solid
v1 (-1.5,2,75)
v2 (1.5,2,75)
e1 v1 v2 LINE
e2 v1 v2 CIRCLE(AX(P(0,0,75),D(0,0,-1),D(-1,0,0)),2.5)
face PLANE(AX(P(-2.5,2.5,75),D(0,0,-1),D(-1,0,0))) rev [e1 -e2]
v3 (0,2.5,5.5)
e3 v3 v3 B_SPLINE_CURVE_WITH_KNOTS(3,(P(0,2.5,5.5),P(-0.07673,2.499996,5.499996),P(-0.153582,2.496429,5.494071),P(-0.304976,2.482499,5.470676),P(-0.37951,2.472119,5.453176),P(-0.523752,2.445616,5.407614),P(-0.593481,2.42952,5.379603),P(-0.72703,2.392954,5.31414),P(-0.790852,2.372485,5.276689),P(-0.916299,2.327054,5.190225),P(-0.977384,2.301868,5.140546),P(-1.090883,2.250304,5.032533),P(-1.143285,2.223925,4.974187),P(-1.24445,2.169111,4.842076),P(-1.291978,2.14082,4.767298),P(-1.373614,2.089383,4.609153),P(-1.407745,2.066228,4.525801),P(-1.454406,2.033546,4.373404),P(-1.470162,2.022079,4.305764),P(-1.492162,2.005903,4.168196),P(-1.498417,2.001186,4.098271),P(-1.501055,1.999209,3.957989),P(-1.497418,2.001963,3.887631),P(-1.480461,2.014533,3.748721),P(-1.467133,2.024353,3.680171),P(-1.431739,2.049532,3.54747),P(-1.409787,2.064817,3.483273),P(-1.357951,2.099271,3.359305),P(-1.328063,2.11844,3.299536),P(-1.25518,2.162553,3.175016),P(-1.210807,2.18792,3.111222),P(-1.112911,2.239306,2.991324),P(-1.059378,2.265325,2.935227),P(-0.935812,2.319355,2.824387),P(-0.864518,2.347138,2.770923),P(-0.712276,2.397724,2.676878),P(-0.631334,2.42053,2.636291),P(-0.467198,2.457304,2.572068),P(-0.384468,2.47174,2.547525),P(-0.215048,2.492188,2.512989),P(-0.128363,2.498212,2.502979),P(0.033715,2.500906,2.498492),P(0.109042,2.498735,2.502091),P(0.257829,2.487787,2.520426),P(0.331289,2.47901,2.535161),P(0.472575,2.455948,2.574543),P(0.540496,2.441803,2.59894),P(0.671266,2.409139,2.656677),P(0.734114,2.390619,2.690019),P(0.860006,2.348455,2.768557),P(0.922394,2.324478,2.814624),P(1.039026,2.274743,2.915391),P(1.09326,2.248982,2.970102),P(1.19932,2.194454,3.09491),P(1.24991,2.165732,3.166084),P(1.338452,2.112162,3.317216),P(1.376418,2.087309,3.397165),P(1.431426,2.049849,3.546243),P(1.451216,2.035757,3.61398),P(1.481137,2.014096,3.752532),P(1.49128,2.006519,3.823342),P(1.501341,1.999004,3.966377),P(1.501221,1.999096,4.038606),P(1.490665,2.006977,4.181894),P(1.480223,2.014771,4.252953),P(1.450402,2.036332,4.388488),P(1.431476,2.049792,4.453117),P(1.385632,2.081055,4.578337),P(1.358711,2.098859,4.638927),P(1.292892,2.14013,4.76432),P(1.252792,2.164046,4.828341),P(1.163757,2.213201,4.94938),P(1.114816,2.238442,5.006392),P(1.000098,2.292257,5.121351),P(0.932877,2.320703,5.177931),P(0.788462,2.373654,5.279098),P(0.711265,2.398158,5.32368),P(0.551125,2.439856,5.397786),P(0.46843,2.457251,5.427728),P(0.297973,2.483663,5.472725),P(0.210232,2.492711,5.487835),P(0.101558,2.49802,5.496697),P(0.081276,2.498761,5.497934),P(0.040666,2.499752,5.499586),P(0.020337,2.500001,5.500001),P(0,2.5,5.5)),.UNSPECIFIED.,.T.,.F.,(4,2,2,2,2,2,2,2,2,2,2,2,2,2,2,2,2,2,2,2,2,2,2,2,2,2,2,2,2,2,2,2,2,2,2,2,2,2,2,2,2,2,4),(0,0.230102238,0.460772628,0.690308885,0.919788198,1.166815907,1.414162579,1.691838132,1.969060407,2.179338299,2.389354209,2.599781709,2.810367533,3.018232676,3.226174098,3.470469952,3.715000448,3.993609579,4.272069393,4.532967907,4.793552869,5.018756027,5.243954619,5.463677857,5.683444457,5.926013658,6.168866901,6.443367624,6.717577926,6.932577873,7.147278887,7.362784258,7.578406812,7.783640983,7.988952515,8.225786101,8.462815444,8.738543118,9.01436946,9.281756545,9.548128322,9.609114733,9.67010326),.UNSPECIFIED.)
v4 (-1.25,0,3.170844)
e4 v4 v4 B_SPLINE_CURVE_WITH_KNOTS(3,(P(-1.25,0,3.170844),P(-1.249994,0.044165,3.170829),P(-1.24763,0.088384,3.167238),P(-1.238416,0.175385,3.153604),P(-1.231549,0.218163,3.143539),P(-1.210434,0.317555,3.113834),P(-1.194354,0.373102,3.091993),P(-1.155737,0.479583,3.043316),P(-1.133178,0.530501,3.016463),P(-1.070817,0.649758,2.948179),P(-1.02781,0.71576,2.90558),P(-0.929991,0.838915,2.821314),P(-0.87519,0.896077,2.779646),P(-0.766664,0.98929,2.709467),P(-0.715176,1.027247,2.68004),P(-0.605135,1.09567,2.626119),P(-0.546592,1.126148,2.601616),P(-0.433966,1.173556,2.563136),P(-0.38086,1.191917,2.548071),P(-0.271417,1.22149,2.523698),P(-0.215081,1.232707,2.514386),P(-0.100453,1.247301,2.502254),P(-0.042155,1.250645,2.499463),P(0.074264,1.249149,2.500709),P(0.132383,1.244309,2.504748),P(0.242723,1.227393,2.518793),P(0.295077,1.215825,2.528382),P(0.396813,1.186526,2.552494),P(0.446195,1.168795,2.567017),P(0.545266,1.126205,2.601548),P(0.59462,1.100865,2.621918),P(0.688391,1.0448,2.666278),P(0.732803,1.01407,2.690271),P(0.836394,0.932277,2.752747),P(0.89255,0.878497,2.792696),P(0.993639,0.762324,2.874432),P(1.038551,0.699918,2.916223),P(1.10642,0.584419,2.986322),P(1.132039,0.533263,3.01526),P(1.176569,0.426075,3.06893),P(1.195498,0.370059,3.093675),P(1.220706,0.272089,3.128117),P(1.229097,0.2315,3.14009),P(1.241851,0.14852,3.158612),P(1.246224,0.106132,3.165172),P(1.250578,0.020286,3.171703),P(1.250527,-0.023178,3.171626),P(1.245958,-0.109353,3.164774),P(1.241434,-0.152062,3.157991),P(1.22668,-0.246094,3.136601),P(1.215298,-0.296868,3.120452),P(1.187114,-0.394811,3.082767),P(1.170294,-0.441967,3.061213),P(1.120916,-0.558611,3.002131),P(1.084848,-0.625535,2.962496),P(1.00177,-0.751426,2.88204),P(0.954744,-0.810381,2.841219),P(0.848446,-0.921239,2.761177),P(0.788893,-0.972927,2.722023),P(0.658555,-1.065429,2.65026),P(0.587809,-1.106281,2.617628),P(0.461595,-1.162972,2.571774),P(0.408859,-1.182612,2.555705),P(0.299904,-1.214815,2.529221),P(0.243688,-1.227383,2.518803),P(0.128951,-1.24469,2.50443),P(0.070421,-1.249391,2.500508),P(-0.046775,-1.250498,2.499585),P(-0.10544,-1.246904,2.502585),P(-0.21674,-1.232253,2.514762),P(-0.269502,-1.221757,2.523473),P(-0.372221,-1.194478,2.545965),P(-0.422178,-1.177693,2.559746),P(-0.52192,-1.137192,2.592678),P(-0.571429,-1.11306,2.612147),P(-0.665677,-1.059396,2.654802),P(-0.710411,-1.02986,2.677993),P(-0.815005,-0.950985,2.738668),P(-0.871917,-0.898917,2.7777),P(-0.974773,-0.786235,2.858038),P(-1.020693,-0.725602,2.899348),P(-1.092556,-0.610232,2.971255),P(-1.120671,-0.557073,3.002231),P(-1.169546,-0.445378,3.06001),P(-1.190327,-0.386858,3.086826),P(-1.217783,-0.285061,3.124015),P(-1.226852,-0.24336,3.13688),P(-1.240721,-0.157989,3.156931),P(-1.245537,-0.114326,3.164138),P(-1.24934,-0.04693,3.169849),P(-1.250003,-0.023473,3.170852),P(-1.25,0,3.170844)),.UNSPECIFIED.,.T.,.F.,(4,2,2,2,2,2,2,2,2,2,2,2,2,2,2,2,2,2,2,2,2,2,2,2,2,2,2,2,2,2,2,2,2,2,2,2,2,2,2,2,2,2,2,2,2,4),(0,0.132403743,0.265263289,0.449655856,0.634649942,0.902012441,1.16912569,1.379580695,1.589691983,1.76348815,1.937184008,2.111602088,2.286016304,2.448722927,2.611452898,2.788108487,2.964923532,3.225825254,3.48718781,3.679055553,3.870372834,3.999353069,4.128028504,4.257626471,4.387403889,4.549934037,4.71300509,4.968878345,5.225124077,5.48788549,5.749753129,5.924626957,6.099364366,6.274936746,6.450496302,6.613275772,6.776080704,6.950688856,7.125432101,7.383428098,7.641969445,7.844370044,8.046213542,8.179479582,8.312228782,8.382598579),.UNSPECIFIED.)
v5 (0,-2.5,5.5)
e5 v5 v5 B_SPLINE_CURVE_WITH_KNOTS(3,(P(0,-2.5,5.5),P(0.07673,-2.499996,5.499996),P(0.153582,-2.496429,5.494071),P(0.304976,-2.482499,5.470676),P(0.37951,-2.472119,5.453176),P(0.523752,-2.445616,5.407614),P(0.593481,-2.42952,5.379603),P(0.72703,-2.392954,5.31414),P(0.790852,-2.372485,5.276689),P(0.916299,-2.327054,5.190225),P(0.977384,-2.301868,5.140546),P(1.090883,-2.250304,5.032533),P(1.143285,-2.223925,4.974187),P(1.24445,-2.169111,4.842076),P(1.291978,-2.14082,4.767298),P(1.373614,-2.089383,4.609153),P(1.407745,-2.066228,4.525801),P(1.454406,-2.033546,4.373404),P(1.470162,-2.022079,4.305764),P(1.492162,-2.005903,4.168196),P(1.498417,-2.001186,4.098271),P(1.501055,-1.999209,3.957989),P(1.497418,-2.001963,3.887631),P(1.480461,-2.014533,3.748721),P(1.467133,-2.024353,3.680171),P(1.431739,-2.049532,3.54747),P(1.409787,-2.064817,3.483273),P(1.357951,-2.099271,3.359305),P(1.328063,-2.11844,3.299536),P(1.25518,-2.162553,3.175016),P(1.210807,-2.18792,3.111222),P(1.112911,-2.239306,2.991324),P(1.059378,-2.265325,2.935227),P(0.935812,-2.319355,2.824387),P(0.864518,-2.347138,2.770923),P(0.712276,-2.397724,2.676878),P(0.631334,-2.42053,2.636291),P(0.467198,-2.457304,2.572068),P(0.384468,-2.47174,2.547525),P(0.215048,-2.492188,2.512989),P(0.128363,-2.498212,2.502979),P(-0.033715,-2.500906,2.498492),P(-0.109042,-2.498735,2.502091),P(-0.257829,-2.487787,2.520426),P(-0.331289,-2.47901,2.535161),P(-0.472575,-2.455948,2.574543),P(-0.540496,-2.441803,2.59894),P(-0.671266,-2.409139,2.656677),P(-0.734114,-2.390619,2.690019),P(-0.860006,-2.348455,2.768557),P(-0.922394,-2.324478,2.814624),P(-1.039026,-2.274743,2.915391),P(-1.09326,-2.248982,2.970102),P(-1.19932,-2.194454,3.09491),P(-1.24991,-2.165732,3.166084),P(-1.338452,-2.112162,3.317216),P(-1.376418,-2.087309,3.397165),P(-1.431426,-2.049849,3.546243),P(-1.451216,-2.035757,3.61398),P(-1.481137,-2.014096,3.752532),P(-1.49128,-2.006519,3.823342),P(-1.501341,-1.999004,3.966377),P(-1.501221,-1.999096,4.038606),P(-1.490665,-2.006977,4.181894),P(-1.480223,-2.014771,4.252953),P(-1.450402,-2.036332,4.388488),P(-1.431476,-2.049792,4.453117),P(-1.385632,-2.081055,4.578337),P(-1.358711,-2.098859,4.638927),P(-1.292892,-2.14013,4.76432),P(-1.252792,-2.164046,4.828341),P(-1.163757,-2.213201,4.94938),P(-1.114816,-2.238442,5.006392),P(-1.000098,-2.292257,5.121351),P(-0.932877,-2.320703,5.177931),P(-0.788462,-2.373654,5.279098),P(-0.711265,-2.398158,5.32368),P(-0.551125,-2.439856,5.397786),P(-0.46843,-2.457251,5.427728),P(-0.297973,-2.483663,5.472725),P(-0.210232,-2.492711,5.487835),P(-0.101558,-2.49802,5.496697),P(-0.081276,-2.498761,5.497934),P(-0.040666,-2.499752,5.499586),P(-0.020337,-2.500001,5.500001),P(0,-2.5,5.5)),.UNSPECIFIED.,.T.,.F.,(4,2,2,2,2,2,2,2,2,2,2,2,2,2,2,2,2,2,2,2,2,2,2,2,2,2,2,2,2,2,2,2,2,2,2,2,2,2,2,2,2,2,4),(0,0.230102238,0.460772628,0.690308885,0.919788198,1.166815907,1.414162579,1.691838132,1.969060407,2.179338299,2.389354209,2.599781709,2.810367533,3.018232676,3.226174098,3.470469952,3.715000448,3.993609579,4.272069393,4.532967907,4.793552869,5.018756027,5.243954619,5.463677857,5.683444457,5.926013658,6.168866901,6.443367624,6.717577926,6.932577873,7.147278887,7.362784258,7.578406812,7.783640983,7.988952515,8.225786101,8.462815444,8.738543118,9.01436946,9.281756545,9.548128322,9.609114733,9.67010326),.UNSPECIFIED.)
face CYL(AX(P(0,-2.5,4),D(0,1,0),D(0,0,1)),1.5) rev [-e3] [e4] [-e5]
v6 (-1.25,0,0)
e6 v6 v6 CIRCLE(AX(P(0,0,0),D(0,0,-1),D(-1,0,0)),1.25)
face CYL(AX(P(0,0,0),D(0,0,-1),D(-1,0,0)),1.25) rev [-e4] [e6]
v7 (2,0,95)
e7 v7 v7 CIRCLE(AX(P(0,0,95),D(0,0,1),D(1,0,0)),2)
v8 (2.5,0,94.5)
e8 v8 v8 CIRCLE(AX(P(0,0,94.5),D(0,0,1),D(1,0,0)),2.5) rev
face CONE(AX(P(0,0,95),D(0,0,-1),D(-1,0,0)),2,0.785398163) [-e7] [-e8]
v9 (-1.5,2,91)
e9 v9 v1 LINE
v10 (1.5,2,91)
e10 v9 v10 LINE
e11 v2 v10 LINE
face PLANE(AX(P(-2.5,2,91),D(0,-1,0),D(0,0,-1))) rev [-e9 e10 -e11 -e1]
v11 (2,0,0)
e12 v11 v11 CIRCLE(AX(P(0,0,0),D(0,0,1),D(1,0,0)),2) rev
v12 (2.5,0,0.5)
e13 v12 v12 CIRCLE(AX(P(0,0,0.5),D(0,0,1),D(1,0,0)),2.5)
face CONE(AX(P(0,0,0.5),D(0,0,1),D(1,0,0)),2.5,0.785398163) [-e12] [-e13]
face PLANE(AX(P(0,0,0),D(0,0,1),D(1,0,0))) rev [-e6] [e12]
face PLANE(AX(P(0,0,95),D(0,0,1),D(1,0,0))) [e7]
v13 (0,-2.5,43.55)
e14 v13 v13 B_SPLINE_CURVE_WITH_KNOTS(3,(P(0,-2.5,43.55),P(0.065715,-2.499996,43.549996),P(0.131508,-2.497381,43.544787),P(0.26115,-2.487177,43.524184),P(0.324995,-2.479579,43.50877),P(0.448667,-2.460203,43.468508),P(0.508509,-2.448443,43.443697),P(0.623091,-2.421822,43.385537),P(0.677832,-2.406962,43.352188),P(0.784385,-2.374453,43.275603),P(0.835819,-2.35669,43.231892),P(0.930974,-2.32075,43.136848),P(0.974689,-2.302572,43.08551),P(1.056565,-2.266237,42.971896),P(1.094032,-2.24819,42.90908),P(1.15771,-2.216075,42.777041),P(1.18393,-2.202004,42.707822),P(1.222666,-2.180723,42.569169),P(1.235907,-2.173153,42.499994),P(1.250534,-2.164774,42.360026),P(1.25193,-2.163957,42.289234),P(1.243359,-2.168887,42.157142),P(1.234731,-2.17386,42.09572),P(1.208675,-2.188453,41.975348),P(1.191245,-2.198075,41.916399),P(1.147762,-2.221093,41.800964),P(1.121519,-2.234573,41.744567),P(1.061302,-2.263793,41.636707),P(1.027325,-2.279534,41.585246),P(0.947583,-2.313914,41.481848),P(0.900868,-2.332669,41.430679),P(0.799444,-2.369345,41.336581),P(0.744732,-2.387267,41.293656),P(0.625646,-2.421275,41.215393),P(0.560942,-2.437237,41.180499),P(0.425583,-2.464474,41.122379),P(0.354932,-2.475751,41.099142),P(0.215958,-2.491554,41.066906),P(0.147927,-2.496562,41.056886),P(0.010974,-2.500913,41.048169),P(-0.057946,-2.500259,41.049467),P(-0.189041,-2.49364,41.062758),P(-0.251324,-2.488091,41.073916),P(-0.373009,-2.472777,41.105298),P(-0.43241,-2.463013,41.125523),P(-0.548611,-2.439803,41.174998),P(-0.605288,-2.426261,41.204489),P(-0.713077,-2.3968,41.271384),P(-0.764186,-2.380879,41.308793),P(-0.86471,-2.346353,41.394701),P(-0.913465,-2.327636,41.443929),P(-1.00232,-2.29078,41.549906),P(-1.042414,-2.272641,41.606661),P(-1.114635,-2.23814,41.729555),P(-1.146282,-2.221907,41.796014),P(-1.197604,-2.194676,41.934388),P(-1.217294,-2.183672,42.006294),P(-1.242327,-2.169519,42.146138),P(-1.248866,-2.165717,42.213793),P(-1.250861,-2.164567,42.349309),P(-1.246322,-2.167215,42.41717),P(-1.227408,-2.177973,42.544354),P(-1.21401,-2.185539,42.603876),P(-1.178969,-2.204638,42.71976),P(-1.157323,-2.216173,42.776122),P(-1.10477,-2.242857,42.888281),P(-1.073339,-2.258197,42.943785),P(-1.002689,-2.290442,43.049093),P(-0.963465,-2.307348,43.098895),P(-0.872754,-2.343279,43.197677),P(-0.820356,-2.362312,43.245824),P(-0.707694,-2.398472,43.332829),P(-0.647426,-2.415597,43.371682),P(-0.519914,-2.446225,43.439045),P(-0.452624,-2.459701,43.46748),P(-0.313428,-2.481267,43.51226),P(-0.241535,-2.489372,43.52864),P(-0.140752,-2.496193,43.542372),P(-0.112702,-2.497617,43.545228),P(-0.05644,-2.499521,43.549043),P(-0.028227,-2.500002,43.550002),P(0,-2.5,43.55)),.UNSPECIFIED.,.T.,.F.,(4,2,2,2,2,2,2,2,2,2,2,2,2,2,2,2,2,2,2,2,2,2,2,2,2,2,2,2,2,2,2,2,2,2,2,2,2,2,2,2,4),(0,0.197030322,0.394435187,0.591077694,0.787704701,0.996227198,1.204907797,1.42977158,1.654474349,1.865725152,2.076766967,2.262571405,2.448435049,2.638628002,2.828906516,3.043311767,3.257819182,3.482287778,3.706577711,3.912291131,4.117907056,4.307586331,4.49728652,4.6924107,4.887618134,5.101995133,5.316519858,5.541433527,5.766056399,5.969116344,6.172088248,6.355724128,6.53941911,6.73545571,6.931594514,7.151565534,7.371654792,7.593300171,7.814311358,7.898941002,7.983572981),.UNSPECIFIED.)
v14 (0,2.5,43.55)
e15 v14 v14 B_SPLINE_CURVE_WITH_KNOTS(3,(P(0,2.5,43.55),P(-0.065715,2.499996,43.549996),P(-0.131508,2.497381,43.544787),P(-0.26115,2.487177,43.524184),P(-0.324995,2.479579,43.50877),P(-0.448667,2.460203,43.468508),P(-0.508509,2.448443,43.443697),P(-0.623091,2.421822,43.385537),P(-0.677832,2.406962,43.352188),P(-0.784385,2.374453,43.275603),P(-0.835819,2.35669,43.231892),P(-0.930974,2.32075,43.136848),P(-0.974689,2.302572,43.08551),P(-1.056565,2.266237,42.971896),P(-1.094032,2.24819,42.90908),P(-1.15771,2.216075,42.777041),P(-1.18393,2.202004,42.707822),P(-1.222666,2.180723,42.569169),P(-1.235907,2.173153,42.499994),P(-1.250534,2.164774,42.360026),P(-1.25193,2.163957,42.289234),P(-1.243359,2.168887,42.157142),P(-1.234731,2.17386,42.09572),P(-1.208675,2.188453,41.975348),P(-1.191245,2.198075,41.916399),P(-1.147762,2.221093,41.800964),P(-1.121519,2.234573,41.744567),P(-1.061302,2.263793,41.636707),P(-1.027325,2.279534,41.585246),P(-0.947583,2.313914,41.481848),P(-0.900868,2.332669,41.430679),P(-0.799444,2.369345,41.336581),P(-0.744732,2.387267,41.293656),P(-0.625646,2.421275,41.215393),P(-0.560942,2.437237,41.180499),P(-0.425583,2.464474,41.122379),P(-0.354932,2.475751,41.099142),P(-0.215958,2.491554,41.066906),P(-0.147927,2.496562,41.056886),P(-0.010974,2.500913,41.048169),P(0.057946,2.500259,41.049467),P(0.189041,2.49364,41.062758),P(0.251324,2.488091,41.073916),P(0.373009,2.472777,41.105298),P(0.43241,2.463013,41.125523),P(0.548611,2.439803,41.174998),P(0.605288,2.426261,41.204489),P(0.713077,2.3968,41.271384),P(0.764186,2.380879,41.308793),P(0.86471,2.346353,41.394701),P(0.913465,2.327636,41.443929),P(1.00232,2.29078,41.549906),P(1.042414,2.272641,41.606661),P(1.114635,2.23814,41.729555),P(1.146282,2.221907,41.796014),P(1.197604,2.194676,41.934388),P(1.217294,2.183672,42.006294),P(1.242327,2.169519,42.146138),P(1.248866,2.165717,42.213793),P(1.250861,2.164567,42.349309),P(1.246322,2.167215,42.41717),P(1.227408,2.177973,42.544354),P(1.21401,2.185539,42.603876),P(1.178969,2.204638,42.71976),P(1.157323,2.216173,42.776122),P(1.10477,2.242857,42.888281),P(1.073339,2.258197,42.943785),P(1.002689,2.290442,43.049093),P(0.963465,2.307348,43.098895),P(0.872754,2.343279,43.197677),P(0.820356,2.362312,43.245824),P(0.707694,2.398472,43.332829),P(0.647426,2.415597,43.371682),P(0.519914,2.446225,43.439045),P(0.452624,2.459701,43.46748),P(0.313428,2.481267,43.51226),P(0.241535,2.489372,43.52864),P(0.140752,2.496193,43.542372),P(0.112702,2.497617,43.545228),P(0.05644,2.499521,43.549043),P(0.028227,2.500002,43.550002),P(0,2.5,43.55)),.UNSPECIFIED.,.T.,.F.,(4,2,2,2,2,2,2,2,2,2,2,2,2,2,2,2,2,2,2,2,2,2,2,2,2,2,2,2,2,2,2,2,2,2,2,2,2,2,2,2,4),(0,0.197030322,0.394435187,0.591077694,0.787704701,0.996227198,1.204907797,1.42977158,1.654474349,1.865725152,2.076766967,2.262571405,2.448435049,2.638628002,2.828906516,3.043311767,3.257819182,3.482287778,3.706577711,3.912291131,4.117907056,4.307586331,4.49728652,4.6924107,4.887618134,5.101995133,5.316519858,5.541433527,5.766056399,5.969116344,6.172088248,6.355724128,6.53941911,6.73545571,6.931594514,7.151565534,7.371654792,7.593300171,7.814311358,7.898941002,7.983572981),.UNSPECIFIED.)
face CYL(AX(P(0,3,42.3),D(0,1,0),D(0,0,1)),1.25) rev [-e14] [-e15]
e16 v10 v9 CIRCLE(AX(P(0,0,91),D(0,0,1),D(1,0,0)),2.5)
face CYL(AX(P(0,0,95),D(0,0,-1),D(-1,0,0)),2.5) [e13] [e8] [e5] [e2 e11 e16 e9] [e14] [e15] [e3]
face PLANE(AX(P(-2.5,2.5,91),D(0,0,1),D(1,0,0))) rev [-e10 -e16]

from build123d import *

# Parameters (mm, degrees)
SKETCH1_R                  = 2.5
BOSS_EXTRUDE1_DEPTH        = 95
CUT_EXTRUDE1_DEPTH         = 96.065766709
CUT_EXTRUDE1_DEPTH_BACK    = 96.065766709
SKETCH2_R                  = 1.5
CHAMFER1_SIZE              = 0.5
M3X0_5_TAPPED_HOLE1_REACH  = 97.066
M3X0_5_TAPPED_HOLE1_BORE_R = 1.25
CUT_EXTRUDE2_DEPTH         = 96.065766714
CUT_EXTRUDE2_DEPTH_BACK    = 96.065766714
SKETCH6_W                  = 16
SKETCH6_H                  = 0.5
M3X0_5_TAPPED_HOLE2_D      = 2.5


with BuildPart() as part:
    # Sketch1 → Boss-Extrude1 (new body)
    with BuildSketch(Plane.XY):
        Circle(SKETCH1_R)
    extrude(amount=BOSS_EXTRUDE1_DEPTH)

    # Sketch2 → Cut-Extrude1 (cut, two sides: drawn at the far end of the back side and taken through both)
    with BuildSketch(Plane(origin=(0, 0, 0), x_dir=(1, 0, 0), z_dir=(0, 1, 0)).offset(-CUT_EXTRUDE1_DEPTH_BACK)):
        with Locations(Location((0, -4, 0), (0, 0, 270))):
            Circle(SKETCH2_R)
    extrude(amount=CUT_EXTRUDE1_DEPTH + CUT_EXTRUDE1_DEPTH_BACK, mode=Mode.SUBTRACT)

    # Chamfer1
    chamfer1_edges = [part.edges().sort_by_distance(p)[0] for p in [
        (-2.5, 0, 0),
        (-2.5, 0, 95),
    ]]
    chamfer(chamfer1_edges, length=CHAMFER1_SIZE)

    # M3x0.5 Tapped Hole1 bore → M3x0.5 Tapped Hole1 (cut, up to next)
    with BuildSketch(Plane(origin=(0, 0, 0), x_dir=(-1, 0, 0), z_dir=(0, 0, -1)), mode=Mode.PRIVATE) as m3x0_5_tapped_hole1_sk1:
        Circle(M3X0_5_TAPPED_HOLE1_BORE_R)
    m3x0_5_tapped_hole1_tool1 = extrude(m3x0_5_tapped_hole1_sk1.sketch, amount=-M3X0_5_TAPPED_HOLE1_REACH, mode=Mode.PRIVATE) & part.part
    add(m3x0_5_tapped_hole1_tool1.solids().sort_by_distance((0, 0, 0))[0], mode=Mode.SUBTRACT)

    # Sketch6 → Cut-Extrude2 (cut, two sides: drawn at the far end of the back side and taken through both)
    with BuildSketch(Plane(origin=(0, 0, 0), x_dir=(0, 0, -1), z_dir=(1, 0, 0)).offset(-CUT_EXTRUDE2_DEPTH_BACK)):
        with Locations((-83, 2.25)):
            Rectangle(SKETCH6_W, SKETCH6_H)
    extrude(amount=CUT_EXTRUDE2_DEPTH + CUT_EXTRUDE2_DEPTH_BACK, mode=Mode.SUBTRACT)

    # M3x0.5 Tapped Hole2 (through all)
    with Locations(Plane(origin=(0, 3, 0), x_dir=(1, 0, 0), z_dir=(0, 1, 0))):
        with Locations((0, -42.3)):
            Hole(M3X0_5_TAPPED_HOLE2_D / 2)


solid = part.part
